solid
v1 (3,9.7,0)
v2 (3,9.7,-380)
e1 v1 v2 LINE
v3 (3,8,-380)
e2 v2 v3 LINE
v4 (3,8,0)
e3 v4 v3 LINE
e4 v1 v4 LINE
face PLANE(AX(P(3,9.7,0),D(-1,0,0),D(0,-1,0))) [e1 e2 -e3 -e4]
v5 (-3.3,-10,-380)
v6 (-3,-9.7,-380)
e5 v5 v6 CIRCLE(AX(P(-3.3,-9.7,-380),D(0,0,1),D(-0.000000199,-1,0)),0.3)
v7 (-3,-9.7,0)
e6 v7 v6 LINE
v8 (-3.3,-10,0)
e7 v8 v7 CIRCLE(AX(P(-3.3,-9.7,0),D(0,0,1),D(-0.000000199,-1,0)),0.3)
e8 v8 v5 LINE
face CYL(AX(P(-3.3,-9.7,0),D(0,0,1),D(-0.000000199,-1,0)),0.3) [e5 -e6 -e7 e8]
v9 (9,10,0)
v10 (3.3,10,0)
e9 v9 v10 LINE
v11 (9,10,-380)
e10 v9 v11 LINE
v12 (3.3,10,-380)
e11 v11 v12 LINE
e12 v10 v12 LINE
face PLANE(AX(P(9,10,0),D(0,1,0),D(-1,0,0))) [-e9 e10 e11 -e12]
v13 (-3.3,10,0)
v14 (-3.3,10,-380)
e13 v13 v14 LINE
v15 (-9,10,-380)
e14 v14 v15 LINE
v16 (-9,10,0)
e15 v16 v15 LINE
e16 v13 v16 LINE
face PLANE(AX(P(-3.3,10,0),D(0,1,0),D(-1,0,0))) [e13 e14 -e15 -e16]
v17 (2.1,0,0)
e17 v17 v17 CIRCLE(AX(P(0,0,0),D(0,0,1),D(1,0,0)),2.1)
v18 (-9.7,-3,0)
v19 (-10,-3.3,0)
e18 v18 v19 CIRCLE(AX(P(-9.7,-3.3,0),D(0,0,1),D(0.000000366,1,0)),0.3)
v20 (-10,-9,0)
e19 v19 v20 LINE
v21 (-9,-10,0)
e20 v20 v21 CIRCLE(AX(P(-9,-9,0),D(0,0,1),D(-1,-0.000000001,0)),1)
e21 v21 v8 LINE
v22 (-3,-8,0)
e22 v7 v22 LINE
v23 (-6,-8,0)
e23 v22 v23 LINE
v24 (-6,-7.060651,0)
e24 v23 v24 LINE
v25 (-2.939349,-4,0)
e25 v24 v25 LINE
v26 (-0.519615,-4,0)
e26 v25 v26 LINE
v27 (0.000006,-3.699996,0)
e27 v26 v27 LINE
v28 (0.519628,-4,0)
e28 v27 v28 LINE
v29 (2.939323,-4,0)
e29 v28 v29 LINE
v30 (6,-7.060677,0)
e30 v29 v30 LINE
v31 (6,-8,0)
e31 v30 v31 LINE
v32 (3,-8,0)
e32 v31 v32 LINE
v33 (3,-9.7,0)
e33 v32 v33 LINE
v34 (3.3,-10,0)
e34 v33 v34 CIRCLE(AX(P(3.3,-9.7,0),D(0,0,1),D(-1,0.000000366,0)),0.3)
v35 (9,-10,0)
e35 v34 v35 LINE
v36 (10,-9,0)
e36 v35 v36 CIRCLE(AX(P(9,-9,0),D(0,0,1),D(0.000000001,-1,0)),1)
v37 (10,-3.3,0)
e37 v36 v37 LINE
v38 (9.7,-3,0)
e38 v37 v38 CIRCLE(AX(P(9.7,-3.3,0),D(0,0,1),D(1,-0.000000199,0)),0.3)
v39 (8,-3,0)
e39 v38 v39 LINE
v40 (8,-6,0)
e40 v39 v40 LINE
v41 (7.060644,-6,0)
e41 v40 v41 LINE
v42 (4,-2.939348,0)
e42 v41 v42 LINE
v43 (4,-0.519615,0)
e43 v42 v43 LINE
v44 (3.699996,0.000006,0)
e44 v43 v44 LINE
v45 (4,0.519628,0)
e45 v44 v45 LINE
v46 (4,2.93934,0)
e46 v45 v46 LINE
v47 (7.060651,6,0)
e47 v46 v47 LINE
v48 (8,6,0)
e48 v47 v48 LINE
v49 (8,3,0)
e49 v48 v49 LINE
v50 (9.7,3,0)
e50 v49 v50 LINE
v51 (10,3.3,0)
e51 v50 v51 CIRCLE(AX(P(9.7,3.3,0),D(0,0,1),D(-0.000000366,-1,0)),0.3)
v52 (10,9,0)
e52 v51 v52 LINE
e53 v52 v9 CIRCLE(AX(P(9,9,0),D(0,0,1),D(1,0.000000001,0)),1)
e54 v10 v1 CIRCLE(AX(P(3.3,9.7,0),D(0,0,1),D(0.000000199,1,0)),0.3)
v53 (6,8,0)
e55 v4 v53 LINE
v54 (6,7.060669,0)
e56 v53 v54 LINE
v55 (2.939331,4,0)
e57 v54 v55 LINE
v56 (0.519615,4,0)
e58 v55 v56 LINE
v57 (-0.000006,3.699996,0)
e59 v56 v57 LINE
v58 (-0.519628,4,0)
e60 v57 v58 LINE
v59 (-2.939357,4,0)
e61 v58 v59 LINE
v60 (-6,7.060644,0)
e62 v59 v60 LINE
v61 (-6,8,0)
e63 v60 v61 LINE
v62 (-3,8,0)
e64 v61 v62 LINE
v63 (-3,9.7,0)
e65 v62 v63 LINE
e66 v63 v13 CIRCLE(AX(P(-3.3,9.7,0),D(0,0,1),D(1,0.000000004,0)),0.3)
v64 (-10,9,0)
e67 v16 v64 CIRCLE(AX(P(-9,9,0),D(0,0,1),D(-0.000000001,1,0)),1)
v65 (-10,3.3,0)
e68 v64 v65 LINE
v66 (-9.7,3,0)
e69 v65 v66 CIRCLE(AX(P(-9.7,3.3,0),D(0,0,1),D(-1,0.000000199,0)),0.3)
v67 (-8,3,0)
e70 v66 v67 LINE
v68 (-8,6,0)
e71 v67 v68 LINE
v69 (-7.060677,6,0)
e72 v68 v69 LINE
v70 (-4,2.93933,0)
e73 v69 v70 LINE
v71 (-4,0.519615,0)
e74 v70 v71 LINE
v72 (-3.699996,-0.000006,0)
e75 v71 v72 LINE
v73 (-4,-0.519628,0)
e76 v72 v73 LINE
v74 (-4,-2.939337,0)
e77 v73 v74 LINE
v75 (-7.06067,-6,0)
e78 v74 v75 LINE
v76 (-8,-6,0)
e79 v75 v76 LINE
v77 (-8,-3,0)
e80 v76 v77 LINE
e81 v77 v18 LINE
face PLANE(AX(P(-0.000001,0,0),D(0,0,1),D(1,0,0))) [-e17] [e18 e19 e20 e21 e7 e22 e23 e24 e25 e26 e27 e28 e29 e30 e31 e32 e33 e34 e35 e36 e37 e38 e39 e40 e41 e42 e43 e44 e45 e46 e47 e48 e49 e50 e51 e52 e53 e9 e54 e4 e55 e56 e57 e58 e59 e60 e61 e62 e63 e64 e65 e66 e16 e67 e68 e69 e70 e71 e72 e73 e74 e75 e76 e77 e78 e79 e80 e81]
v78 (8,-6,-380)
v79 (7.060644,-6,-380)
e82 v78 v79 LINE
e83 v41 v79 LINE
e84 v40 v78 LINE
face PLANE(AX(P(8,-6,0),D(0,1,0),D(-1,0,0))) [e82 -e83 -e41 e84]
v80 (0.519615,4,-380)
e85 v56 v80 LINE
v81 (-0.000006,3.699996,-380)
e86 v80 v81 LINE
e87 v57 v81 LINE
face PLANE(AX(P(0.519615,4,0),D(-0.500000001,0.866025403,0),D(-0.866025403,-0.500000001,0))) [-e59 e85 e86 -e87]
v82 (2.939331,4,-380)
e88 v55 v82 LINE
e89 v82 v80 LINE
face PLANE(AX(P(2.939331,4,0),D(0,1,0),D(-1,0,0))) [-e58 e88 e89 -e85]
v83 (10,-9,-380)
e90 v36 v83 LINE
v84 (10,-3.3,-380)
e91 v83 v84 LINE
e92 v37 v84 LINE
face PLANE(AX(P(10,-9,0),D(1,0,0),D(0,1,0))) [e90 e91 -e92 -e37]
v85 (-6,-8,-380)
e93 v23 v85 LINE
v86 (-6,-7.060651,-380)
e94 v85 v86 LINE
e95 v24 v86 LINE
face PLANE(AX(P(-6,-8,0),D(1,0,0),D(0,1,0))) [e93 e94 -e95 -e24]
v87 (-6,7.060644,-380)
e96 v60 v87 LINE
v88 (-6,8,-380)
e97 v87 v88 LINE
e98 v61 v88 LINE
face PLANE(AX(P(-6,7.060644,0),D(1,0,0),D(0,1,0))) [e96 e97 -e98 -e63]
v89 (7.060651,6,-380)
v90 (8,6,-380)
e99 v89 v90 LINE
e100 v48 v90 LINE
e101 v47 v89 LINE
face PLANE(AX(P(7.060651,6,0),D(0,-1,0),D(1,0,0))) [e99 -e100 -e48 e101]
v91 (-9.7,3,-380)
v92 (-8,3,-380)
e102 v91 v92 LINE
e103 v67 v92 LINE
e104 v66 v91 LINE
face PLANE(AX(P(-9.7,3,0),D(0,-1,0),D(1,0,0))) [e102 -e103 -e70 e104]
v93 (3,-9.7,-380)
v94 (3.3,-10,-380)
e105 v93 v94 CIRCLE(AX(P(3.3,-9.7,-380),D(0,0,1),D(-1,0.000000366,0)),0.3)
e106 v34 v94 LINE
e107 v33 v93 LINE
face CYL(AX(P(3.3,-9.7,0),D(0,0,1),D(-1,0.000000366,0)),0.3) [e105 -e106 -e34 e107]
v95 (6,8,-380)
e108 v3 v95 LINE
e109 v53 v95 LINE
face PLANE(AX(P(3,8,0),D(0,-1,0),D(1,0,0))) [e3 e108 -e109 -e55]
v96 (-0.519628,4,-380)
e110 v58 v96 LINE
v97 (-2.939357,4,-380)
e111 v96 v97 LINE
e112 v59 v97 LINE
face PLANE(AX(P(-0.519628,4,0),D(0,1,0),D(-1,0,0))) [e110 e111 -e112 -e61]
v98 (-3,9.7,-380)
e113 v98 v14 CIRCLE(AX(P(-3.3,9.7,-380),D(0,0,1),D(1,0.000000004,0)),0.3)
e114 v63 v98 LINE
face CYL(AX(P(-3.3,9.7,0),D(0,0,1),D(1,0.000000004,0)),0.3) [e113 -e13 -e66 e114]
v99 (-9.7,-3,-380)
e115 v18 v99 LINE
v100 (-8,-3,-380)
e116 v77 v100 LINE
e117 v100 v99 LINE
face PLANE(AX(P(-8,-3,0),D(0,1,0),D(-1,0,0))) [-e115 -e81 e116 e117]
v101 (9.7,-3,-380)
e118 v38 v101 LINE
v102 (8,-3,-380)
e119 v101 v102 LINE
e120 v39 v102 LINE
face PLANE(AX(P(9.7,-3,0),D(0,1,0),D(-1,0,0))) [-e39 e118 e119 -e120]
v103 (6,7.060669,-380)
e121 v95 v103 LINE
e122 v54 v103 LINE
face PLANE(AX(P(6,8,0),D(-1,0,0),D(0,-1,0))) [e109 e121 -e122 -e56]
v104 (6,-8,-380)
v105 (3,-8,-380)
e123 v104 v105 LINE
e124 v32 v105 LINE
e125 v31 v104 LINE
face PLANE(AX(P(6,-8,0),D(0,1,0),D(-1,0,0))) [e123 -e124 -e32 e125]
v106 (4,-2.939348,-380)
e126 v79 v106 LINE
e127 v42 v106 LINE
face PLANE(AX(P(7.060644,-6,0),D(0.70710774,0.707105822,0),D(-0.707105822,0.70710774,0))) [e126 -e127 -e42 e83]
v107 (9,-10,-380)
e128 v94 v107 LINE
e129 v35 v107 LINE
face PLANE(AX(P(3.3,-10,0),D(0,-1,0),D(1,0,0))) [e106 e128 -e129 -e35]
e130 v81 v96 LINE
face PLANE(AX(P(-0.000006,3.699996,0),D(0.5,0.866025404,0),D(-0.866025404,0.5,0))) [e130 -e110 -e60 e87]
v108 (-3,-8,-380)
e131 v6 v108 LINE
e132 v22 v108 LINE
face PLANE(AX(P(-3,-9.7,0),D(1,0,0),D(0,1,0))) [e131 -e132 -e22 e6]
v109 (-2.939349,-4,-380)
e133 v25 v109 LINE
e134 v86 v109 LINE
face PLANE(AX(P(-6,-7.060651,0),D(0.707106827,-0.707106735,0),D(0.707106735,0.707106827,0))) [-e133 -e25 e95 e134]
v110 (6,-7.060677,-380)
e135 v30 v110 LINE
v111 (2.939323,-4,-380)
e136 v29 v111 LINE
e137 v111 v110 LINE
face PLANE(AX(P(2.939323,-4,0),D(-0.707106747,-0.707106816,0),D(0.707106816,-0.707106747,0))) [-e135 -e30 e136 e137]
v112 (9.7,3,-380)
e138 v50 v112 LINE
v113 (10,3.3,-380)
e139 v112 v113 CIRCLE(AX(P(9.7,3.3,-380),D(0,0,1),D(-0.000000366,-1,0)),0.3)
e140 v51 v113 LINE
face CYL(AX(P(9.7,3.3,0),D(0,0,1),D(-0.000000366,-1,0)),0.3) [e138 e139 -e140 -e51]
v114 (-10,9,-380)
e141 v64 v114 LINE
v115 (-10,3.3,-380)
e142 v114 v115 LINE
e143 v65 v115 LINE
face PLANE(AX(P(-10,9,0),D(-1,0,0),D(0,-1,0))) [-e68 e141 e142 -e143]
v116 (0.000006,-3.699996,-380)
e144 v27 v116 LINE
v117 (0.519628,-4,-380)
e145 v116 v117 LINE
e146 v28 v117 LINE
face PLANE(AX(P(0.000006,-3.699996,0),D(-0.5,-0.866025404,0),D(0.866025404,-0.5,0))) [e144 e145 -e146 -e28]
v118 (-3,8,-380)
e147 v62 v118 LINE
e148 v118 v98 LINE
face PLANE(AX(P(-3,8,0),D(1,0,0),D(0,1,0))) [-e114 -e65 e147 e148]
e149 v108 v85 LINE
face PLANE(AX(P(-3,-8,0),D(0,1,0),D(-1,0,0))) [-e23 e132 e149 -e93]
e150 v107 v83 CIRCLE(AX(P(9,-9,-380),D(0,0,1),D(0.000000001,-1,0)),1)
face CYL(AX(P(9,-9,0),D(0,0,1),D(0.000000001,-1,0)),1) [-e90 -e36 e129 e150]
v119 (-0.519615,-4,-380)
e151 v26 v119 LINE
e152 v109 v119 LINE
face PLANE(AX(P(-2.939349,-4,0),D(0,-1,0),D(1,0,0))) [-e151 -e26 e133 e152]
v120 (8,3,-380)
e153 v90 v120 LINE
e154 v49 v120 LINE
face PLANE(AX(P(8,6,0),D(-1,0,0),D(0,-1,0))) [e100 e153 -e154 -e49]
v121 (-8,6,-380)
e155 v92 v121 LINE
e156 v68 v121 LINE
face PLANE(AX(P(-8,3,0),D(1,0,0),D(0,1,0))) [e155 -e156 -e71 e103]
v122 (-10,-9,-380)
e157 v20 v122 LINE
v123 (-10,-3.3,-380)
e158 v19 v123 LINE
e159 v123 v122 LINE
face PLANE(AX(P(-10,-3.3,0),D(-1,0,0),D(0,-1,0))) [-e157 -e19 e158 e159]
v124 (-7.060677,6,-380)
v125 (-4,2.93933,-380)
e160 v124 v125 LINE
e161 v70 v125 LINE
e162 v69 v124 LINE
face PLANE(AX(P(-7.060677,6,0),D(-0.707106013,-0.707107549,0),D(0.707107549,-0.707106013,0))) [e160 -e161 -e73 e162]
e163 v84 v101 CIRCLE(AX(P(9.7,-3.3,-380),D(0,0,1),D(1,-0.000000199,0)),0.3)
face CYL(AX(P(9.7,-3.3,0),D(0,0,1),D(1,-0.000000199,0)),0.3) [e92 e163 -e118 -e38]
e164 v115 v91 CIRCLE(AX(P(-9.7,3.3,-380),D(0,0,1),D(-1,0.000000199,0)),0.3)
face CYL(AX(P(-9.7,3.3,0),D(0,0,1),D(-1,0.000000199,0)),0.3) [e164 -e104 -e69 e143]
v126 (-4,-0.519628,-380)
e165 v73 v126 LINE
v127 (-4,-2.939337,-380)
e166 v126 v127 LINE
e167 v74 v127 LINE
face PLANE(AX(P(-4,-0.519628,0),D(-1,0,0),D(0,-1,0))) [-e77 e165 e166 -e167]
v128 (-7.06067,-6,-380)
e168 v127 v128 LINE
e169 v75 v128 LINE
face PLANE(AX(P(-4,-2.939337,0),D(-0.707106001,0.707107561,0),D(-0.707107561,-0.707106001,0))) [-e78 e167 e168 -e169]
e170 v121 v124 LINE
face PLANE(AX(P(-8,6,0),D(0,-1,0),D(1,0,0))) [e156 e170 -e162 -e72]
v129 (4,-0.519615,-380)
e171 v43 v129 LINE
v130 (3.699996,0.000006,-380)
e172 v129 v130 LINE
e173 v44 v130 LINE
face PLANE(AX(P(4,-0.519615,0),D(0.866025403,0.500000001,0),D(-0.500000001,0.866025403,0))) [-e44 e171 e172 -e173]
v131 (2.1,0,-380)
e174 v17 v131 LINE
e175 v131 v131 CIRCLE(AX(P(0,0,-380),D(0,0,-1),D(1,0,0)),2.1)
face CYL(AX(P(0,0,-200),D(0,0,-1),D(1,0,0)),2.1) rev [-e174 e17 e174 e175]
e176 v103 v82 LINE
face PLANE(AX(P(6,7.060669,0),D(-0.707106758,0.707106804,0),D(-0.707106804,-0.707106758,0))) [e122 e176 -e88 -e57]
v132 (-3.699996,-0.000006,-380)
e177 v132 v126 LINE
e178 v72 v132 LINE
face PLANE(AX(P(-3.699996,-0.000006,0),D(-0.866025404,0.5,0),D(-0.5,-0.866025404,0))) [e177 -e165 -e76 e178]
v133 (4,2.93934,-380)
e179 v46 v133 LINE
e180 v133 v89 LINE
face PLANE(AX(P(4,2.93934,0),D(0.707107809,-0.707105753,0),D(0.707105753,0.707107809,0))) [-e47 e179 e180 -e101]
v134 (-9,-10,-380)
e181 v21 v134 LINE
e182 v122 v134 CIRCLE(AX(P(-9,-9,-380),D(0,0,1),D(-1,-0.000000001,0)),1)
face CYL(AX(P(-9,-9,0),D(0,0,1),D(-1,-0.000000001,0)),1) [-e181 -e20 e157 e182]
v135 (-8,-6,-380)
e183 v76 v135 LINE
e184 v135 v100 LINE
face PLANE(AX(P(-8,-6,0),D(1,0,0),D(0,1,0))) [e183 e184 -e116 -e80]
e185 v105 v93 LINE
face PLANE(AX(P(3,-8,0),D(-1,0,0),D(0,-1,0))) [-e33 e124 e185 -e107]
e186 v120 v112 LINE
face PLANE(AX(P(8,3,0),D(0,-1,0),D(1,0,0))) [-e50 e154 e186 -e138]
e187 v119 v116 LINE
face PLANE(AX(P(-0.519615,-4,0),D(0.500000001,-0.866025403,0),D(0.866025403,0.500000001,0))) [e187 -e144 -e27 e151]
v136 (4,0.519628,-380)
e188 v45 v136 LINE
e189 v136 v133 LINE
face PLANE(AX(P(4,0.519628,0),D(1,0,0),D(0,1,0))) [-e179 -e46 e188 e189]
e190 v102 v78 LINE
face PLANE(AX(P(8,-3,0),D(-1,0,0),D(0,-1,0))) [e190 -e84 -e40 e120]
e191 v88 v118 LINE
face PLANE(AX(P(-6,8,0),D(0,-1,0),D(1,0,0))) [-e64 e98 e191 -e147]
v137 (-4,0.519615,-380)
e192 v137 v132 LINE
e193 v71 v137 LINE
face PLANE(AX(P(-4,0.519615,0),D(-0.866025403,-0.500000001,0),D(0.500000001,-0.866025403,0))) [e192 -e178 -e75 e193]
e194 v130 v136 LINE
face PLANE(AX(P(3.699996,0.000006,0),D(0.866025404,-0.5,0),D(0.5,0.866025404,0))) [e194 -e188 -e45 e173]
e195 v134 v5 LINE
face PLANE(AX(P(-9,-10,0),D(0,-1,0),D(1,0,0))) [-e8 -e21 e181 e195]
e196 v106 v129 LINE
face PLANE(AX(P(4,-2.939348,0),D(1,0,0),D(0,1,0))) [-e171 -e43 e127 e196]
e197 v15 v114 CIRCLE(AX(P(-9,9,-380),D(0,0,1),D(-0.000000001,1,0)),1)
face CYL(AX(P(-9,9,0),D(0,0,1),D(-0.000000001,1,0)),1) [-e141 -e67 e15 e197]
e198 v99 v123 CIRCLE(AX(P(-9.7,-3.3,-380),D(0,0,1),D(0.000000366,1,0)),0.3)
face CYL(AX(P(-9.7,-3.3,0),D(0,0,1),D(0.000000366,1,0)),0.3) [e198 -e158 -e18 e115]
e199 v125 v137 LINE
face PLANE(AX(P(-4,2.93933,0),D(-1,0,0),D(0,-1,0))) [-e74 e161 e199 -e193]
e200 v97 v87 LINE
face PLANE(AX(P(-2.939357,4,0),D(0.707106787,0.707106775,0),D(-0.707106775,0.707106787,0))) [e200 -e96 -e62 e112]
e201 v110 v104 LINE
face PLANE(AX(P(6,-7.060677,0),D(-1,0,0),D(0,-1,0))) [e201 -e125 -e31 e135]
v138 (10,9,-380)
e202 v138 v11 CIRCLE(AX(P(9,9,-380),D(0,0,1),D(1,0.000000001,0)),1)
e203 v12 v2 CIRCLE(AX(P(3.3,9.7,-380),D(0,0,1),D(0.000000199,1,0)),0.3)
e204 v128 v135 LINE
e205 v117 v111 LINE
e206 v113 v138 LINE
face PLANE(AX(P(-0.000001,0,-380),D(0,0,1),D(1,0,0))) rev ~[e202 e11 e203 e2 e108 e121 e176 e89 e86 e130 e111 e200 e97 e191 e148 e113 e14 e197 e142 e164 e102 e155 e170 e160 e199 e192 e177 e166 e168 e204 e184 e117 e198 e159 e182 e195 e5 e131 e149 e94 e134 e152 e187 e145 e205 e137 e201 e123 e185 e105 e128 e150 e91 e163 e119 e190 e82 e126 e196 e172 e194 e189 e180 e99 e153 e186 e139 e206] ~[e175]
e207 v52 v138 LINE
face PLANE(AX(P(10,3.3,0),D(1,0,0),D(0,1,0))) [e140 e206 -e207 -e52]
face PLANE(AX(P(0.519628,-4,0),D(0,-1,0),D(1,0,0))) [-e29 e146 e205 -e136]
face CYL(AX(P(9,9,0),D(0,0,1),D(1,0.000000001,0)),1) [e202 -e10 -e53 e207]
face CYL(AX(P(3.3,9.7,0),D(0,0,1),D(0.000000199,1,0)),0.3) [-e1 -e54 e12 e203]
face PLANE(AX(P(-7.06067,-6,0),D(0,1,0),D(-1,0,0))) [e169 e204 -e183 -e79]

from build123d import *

# Parameters (mm, degrees)
BOSS_EXTRUDE1_DEPTH = 380
SKETCH2_W           = 400
SKETCH2_H           = 2.1


with BuildPart() as part:
    # Sketch1 → Boss-Extrude1 (new body)
    with BuildSketch(Plane.XY):
        with BuildLine():
            Line((-10, 9), (-10, 3.29999995))
            ThreePointArc((-10, 3.29999995), (-9.912132049, 3.087867916), (-9.7, 3))
            Line((-9.7, 3), (-8, 3))
            Line((-8, 3), (-8, 6))
            Line((-8, 6), (-7.060677, 6))
            Line((-7.060677, 6), (-4, 2.93932965))
            Line((-4, 2.93932965), (-4, 0.519615242))
            Line((-4, 0.519615242), (-3.699996283, -6.437e-06))
            Line((-3.699996283, -6.437e-06), (-4, -0.519628117))
            Line((-4, -0.519628117), (-4, -2.93933725))
            Line((-4, -2.93933725), (-7.0606695, -6))
            Line((-7.0606695, -6), (-8, -6))
            Line((-8, -6), (-8, -3))
            Line((-8, -3), (-9.7, -3))
            ThreePointArc((-9.7, -3), (-9.912132049, -3.087867916), (-10, -3.29999995))
            Line((-10, -3.29999995), (-10, -9))
            ThreePointArc((-10, -9), (-9.707106781, -9.707106781), (-9, -10))
            Line((-9, -10), (-3.29999995, -10))
            ThreePointArc((-3.29999995, -10), (-3.087867916, -9.912132049), (-3, -9.7))
            Line((-3, -9.7), (-3, -8))
            Line((-3, -8), (-6, -8))
            Line((-6, -8), (-6, -7.0606515))
            Line((-6, -7.0606515), (-2.9393489, -4))
            Line((-2.9393489, -4), (-0.519615242, -4))
            Line((-0.519615242, -4), (6.437e-06, -3.699996283))
            Line((6.437e-06, -3.699996283), (0.519628117, -4))
            Line((0.519628117, -4), (2.9393227, -4))
            Line((2.9393227, -4), (6, -7.060677))
            Line((6, -7.060677), (6, -8))
            Line((6, -8), (3, -8))
            Line((3, -8), (3, -9.7))
            ThreePointArc((3, -9.7), (3.087867916, -9.912132049), (3.29999995, -10))
            Line((3.29999995, -10), (9, -10))
            ThreePointArc((9, -10), (9.707106781, -9.707106781), (10, -9))
            Line((10, -9), (10, -3.29999995))
            ThreePointArc((10, -3.29999995), (9.912132049, -3.087867916), (9.7, -3))
            Line((9.7, -3), (8, -3))
            Line((8, -3), (8, -6))
            Line((8, -6), (7.0606435, -6))
            Line((7.0606435, -6), (4, -2.9393482))
            Line((4, -2.9393482), (4, -0.519615242))
            Line((4, -0.519615242), (3.699996283, 6.437e-06))
            Line((3.699996283, 6.437e-06), (4, 0.519628117))
            Line((4, 0.519628117), (4, 2.9393401))
            Line((4, 2.9393401), (7.060651, 6))
            Line((7.060651, 6), (8, 6))
            Line((8, 6), (8, 3))
            Line((8, 3), (9.7, 3))
            ThreePointArc((9.7, 3), (9.912132049, 3.087867916), (10, 3.29999995))
            Line((10, 3.29999995), (10, 9))
            ThreePointArc((10, 9), (9.707106781, 9.707106781), (9, 10))
            Line((9, 10), (3.29999995, 10))
            ThreePointArc((3.29999995, 10), (3.087867916, 9.912132049), (3, 9.7))
            Line((3, 9.7), (3, 8))
            Line((3, 8), (6, 8))
            Line((6, 8), (6, 7.060669))
            Line((6, 7.060669), (2.9393308, 4))
            Line((2.9393308, 4), (0.519615242, 4))
            Line((0.519615242, 4), (-6.437e-06, 3.699996283))
            Line((-6.437e-06, 3.699996283), (-0.519628117, 4))
            Line((-0.519628117, 4), (-2.93935655, 4))
            Line((-2.93935655, 4), (-6, 7.0606435))
            Line((-6, 7.0606435), (-6, 8))
            Line((-6, 8), (-3, 8))
            Line((-3, 8), (-3, 9.7))
            ThreePointArc((-3, 9.7), (-3.087867966, 9.912132034), (-3.3, 10))
            Line((-3.3, 10), (-9, 10))
            ThreePointArc((-9, 10), (-9.707106781, 9.707106781), (-10, 9))
        make_face()
    extrude(amount=-BOSS_EXTRUDE1_DEPTH)

    # Sketch2 → Cut-Revolve1 (revolve, cut)
    with BuildSketch(Plane(origin=(0, 0, 0), x_dir=(0, 0, -1), z_dir=(1, 0, 0)), mode=Mode.PRIVATE) as cut_revolve1_sk:
        with Locations((200, 1.05)):
            Rectangle(SKETCH2_W, SKETCH2_H)
    revolve(cut_revolve1_sk.sketch.rotate(Axis((0, 0, -400), (0, 0, 1)), 270), axis=Axis((0, 0, -400), (0, 0, 1)), mode=Mode.SUBTRACT)


solid = part.part
